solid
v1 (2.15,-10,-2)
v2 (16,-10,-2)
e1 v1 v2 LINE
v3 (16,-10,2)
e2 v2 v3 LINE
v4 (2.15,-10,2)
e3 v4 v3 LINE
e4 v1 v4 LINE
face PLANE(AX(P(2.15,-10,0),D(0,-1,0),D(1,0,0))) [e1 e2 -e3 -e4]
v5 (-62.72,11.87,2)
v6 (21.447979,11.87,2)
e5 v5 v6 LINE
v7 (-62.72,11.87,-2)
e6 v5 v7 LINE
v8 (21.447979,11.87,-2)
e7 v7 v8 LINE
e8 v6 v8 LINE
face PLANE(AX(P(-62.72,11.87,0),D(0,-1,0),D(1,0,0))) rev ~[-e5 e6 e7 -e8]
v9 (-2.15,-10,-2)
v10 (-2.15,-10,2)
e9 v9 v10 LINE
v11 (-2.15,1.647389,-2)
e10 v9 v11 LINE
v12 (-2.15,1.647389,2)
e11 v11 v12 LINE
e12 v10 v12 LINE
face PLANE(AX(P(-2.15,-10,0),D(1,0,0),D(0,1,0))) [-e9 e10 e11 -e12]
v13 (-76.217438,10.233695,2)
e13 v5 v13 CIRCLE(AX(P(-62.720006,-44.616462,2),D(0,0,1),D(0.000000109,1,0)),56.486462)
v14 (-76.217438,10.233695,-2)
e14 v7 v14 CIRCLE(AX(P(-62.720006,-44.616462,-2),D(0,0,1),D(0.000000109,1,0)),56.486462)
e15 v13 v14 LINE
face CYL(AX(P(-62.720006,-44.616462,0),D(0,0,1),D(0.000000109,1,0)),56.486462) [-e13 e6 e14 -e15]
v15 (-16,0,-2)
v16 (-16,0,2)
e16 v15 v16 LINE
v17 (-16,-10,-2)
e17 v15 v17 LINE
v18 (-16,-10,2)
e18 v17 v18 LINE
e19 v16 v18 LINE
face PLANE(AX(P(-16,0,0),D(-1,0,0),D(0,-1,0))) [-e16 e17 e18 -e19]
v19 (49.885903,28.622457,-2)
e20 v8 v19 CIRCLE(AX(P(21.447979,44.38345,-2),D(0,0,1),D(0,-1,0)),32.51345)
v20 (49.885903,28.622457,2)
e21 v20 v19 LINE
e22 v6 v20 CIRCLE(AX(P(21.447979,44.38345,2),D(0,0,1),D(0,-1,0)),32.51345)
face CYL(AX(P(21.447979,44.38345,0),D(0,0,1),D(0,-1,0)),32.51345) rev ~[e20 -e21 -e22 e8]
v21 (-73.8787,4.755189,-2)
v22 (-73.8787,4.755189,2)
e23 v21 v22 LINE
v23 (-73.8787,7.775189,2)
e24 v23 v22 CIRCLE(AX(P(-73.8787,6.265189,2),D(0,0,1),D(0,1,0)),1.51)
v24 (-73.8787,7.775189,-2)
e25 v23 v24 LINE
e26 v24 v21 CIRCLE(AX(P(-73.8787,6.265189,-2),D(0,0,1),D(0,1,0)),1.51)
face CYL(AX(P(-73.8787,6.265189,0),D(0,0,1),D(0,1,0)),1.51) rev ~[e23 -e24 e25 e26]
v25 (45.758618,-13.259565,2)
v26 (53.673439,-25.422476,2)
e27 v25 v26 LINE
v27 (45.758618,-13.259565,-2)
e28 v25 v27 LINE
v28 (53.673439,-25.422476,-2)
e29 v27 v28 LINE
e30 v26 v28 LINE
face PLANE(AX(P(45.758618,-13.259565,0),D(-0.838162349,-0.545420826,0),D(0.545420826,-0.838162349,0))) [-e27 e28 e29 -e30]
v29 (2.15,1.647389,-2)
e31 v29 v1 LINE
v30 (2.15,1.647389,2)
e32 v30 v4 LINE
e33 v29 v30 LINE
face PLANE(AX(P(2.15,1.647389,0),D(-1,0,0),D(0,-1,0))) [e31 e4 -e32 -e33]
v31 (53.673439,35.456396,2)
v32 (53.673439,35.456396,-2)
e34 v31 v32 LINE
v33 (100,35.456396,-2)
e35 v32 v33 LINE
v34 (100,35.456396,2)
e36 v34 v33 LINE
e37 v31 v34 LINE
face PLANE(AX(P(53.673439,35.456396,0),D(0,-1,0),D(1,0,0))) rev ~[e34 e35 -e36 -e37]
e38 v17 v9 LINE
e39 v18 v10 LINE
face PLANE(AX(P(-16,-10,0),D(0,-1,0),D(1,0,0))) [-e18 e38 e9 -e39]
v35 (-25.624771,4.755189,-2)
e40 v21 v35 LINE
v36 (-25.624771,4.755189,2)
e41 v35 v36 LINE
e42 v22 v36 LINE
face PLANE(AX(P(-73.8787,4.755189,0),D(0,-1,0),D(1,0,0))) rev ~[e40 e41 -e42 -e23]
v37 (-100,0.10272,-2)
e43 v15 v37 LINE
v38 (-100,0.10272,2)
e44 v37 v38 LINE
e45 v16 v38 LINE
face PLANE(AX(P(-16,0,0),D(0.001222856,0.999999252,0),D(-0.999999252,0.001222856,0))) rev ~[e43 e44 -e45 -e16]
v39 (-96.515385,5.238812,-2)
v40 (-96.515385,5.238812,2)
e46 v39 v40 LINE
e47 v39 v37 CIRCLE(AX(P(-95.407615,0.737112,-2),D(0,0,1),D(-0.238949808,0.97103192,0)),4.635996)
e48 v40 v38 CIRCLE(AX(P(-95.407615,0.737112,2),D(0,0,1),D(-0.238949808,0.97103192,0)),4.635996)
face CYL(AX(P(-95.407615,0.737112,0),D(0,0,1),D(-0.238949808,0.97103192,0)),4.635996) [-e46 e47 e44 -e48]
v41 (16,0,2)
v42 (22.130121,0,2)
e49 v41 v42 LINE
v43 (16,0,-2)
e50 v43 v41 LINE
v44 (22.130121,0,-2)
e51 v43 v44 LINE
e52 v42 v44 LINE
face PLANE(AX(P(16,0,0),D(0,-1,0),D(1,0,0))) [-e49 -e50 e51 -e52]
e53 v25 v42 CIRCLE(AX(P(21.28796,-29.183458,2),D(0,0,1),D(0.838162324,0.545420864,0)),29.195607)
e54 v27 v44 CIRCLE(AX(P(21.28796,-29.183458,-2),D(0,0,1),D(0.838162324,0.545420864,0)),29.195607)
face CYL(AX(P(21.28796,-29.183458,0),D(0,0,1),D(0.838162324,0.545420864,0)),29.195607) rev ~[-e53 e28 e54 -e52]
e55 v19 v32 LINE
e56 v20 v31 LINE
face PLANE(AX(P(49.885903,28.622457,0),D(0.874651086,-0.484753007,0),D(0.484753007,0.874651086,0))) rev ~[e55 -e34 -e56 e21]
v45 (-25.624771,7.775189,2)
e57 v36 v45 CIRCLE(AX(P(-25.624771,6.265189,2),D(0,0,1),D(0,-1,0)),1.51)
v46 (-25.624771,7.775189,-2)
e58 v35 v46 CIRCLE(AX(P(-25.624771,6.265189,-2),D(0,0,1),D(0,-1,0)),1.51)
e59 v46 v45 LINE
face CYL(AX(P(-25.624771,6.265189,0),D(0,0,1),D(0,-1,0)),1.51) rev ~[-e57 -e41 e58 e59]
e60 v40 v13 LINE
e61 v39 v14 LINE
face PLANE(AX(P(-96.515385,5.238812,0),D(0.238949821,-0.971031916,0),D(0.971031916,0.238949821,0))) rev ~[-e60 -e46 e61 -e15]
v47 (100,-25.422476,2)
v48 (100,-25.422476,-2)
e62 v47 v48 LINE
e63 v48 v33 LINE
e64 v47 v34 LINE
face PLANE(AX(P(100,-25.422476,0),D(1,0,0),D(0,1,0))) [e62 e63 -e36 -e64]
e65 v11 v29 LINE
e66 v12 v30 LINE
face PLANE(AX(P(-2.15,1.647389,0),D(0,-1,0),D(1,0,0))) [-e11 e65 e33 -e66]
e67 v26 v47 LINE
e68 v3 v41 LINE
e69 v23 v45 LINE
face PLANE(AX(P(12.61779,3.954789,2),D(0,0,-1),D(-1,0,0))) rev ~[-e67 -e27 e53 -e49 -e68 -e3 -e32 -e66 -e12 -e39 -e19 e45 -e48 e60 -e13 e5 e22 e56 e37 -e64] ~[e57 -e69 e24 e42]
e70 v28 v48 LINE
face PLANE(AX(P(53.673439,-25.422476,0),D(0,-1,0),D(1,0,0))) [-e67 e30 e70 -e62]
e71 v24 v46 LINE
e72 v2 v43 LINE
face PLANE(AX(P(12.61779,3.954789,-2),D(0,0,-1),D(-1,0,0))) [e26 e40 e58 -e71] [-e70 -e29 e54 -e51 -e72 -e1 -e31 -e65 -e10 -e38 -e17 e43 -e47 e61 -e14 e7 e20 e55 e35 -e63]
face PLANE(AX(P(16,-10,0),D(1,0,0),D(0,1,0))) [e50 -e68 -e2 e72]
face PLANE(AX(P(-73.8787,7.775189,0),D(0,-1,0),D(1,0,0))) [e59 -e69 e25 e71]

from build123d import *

# Parameters (mm, degrees)
PAD_DEPTH = 2


with BuildPart() as part:
    # CopySketch004 → Pad (new body, symmetric)
    with BuildSketch(Plane.XY):
        with BuildLine():
            Line((-96.515385, 5.238812), (-76.217438, 10.233695))
            ThreePointArc((-62.72, 11.87), (-69.518131, 11.459432), (-76.217438, 10.233695))
            Line((-62.72, 11.87), (-42.55212, 11.87))
            Line((-42.55212, 11.87), (21.447979, 11.87))
            ThreePointArc((21.447979, 11.87), (37.950708, 16.369447), (49.885903, 28.622457))
            Line((49.885903, 28.622457), (53.673439, 35.456396))
            Line((53.673439, 35.456396), (100, 35.456396))
            Line((100, 35.456396), (100, 0))
            Line((100, -25.422476), (100, 0))
            Line((53.673439, -25.422476), (100, -25.422476))
            Line((45.758618, -13.259565), (53.673439, -25.422476))
            ThreePointArc((45.758618, -13.259565), (35.575672, -3.722807), (22.130121, 0))
            Line((16, 0), (22.130121, 0))
            Line((16, -10), (16, 0))
            Line((2.15, -10), (16, -10))
            Line((2.15, 1.647389), (2.15, -10))
            Line((-2.15, 1.647389), (2.15, 1.647389))
            Line((-2.15, -10), (-2.15, 1.647389))
            Line((-16, -10), (-2.15, -10))
            Line((-16, 0), (-16, -10))
            Line((-16, 0), (-100, 0.10272))
            ThreePointArc((-96.515385, 5.238812), (-99.243994, 3.339928), (-100, 0.10272))
        make_face()
        with BuildLine():
            ThreePointArc((-73.8787, 7.775189), (-75.3887, 6.265189), (-73.8787, 4.755189))
            Line((-73.8787, 4.755189), (-25.624771, 4.755189))
            ThreePointArc((-25.624771, 4.755189), (-24.114771, 6.265189), (-25.624771, 7.775189))
            Line((-73.8787, 7.775189), (-25.624771, 7.775189))
        make_face(mode=Mode.SUBTRACT)
    extrude(amount=PAD_DEPTH, both=True)


solid = part.part
